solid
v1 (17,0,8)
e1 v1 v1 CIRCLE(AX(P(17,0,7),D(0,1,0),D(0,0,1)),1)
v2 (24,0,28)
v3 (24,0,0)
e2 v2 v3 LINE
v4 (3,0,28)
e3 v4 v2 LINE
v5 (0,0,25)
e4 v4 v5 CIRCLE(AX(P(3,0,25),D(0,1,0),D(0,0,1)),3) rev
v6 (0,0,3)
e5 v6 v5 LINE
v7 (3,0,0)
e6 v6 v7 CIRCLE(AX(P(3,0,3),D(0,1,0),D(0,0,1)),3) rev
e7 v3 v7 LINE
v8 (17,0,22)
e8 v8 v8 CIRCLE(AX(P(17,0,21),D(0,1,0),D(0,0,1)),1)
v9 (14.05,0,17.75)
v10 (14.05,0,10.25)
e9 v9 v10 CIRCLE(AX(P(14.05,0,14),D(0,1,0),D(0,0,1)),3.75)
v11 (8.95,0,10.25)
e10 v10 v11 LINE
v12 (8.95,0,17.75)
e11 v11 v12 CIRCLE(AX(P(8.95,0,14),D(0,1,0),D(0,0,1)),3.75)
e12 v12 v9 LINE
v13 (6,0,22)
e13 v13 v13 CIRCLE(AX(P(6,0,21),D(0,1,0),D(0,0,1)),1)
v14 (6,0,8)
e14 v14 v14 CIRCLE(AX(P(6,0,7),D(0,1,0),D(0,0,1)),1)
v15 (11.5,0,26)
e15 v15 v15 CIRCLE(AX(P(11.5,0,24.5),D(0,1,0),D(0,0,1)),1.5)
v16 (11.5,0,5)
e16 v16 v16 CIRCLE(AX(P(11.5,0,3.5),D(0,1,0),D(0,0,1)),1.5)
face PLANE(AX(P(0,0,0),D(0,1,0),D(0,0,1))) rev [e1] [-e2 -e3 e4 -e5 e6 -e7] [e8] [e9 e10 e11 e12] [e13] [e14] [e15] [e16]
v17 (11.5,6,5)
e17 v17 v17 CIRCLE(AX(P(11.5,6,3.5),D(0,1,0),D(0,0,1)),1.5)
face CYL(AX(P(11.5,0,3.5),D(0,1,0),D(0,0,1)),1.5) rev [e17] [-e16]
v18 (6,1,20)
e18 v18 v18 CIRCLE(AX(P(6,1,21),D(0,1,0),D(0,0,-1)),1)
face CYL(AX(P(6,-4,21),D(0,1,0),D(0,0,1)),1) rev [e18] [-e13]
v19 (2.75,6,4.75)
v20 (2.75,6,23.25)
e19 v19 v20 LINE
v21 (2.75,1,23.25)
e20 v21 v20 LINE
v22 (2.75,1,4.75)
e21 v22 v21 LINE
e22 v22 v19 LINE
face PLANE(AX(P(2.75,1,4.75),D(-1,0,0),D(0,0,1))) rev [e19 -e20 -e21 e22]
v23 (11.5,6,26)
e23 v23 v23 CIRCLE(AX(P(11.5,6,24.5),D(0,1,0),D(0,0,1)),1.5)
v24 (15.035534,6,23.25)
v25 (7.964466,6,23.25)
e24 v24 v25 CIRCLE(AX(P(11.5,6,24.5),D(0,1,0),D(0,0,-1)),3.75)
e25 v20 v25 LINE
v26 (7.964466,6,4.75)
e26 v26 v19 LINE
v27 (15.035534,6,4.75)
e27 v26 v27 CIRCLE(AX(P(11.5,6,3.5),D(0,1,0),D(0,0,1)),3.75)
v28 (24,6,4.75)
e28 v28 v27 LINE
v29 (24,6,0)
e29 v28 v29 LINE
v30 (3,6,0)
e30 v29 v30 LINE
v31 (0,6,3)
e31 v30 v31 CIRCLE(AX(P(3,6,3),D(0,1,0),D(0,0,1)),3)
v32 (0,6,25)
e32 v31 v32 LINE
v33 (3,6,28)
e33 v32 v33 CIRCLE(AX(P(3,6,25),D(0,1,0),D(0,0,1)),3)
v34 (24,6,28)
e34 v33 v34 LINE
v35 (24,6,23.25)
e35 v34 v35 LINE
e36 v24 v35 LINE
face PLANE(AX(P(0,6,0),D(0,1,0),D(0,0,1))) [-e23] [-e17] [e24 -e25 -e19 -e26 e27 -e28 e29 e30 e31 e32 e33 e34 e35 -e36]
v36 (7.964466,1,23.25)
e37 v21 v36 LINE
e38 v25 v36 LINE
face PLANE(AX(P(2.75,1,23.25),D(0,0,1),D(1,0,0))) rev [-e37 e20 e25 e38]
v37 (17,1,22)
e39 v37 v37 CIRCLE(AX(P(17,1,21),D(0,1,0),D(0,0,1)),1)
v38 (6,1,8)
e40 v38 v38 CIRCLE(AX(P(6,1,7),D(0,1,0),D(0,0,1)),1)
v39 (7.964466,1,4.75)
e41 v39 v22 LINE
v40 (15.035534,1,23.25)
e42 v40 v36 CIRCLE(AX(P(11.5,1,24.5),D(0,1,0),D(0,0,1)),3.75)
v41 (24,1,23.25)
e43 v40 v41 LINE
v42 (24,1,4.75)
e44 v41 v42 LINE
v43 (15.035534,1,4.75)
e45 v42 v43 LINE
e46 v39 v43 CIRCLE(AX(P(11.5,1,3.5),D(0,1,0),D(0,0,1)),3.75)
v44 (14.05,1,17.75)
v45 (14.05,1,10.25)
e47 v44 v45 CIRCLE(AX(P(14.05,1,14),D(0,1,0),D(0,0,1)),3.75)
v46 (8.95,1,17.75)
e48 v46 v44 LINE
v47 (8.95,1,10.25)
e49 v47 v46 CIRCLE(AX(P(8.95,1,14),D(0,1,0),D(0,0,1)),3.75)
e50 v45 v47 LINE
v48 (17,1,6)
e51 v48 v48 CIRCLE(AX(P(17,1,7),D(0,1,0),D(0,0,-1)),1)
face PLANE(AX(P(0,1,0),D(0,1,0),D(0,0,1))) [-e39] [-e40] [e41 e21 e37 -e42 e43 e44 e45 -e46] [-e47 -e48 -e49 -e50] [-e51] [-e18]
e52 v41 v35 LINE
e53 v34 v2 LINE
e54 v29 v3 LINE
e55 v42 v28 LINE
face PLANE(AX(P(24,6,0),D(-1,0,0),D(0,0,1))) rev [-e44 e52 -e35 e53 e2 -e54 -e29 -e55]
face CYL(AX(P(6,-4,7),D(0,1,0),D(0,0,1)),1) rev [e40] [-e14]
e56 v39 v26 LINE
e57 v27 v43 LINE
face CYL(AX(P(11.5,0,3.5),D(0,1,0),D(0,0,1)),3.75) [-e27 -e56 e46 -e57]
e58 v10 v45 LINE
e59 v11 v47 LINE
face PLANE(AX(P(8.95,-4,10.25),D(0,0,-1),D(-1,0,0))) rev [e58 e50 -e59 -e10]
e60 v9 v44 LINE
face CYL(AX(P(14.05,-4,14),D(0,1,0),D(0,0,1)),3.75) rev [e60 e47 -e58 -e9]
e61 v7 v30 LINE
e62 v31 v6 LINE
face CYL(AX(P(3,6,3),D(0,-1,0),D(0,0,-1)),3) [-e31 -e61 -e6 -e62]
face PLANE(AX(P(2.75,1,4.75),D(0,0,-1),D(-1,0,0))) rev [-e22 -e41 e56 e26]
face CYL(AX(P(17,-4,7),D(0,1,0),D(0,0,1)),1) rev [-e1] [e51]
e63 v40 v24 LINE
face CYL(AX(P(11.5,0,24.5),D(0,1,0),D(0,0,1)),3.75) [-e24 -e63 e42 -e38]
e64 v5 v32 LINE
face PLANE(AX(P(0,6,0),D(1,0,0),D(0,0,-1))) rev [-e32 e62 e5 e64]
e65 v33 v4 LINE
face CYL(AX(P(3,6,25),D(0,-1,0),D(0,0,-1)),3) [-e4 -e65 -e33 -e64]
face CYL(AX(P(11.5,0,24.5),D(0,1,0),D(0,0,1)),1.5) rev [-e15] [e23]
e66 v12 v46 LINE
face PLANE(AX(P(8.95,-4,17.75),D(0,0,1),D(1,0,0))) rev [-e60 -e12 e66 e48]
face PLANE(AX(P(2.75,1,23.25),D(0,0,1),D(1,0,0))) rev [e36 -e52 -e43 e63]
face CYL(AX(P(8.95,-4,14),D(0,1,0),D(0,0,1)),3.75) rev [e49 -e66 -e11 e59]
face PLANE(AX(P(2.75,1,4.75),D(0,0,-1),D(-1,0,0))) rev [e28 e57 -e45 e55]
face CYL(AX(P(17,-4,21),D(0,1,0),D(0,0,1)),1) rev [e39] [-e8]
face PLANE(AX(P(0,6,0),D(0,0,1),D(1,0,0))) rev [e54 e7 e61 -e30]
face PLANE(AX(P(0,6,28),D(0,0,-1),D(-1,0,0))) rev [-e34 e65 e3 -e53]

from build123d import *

# Parameters (mm, degrees)
SKETCH_1_W          = 24
SKETCH_1_H          = 28
EXTRUDE_1_DEPTH     = 6
SKETCH_2_W          = 17.5
SKETCH_2_H          = 18.5
CUT_EXTRUDE_3_DEPTH = 5
SKETCH_4_R          = 1
CUT_EXTRUDE_4_DEPTH = 5
SKETCH_5_W          = 3.75
SKETCH_5_H          = 18.5
CUT_EXTRUDE_5_DEPTH = 5
FILLET_1_R          = 3
SKETCH_7_R          = 1.5
EXTRUDE_4_DEPTH     = 6
SKETCH_12_R         = 1.5
CUT_EXTRUDE_6_DEPTH = 10


with BuildPart() as part:
    # 草图1 → 凸台-拉伸1 (new body)
    with BuildSketch(Plane(origin=(0, 0, 0), x_dir=(1, 0, 0), z_dir=(0, 1, 0))):
        with Locations((12, -14)):
            Rectangle(SKETCH_1_W, SKETCH_1_H)
    extrude(amount=EXTRUDE_1_DEPTH)

    # 草图2 → 切除-拉伸3 (cut)
    with BuildSketch(Plane(origin=(0, 6, 0), x_dir=(1, 0, 0), z_dir=(0, 1, 0))):
        with Locations((11.5, -14)):
            Rectangle(SKETCH_2_W, SKETCH_2_H)
    extrude(amount=-CUT_EXTRUDE_3_DEPTH, mode=Mode.SUBTRACT)

    # 草图4 → 切除-拉伸4 (cut)
    with BuildSketch(Plane(origin=(0, 1, 0), x_dir=(1, 0, 0), z_dir=(0, 1, 0))):
        with Locations(Location((6, -7, 0), (0, 0, 270))):
            Circle(SKETCH_4_R)
        with Locations(Location((17, -7, 0), (0, 0, 270))):
            Circle(SKETCH_4_R)
        with Locations(Location((6, -21, 0), (0, 0, 270))):
            Circle(SKETCH_4_R)
        with Locations(Location((17, -21, 0), (0, 0, 270))):
            Circle(SKETCH_4_R)
        with BuildLine():
            Line((8.95, -10.25), (14.05, -10.25))
            ThreePointArc((14.05, -10.25), (17.8, -14), (14.05, -17.75))
            Line((14.05, -17.75), (8.95, -17.75))
            ThreePointArc((8.95, -17.75), (5.2, -14), (8.95, -10.25))
        make_face()
    extrude(amount=-CUT_EXTRUDE_4_DEPTH, mode=Mode.SUBTRACT)

    # 草图5 → 切除-拉伸5 (cut)
    with BuildSketch(Plane(origin=(0, 6, 0), x_dir=(1, 0, 0), z_dir=(0, 1, 0))):
        with Locations((22.125, -14)):
            Rectangle(SKETCH_5_W, SKETCH_5_H)
    extrude(amount=-CUT_EXTRUDE_5_DEPTH, mode=Mode.SUBTRACT)

    # 圆角1
    fillet_1_edges = [part.edges().sort_by_distance(p)[0] for p in [
        (0, 3, 0),
        (0, 3, 28),
    ]]
    fillet(fillet_1_edges, radius=FILLET_1_R)

    # 草图7 → 凸台-拉伸4 (add)
    # profile 1 of 2: a face of its own
    with BuildSketch(Plane(origin=(0, 6, 0), x_dir=(1, 0, 0), z_dir=(0, 1, 0))):
        with BuildLine():
            Line((12.846291202, 0), (10.153708798, 0))
            ThreePointArc((10.153708798, 0), (11.5, -7.25), (12.846291202, 0))
        make_face()
        with Locations((11.5, -3.5)):
            Circle(SKETCH_7_R, mode=Mode.SUBTRACT)
    # profile 2 of 2: a face of its own
    with BuildSketch(Plane(origin=(0, 6, 0), x_dir=(1, 0, 0), z_dir=(0, 1, 0))):
        with BuildLine():
            Line((12.846291202, -28), (10.153708798, -28))
            ThreePointArc((10.153708798, -28), (11.5, -20.75), (12.846291202, -28))
        make_face()
        with Locations((11.5, -24.5)):
            Circle(SKETCH_7_R, mode=Mode.SUBTRACT)
    extrude(amount=-EXTRUDE_4_DEPTH)

    # 草图12 → 切除-拉伸6 (cut)
    with BuildSketch(Plane(origin=(0, 6, 0), x_dir=(1, 0, 0), z_dir=(0, 1, 0))):
        with Locations(Location((11.5, -3.5, 0), (0, 0, 270))):
            Circle(SKETCH_12_R)
        with Locations(Location((11.5, -24.5, 0), (0, 0, 270))):
            Circle(SKETCH_12_R)
    extrude(amount=-CUT_EXTRUDE_6_DEPTH, mode=Mode.SUBTRACT)


solid = part.part
